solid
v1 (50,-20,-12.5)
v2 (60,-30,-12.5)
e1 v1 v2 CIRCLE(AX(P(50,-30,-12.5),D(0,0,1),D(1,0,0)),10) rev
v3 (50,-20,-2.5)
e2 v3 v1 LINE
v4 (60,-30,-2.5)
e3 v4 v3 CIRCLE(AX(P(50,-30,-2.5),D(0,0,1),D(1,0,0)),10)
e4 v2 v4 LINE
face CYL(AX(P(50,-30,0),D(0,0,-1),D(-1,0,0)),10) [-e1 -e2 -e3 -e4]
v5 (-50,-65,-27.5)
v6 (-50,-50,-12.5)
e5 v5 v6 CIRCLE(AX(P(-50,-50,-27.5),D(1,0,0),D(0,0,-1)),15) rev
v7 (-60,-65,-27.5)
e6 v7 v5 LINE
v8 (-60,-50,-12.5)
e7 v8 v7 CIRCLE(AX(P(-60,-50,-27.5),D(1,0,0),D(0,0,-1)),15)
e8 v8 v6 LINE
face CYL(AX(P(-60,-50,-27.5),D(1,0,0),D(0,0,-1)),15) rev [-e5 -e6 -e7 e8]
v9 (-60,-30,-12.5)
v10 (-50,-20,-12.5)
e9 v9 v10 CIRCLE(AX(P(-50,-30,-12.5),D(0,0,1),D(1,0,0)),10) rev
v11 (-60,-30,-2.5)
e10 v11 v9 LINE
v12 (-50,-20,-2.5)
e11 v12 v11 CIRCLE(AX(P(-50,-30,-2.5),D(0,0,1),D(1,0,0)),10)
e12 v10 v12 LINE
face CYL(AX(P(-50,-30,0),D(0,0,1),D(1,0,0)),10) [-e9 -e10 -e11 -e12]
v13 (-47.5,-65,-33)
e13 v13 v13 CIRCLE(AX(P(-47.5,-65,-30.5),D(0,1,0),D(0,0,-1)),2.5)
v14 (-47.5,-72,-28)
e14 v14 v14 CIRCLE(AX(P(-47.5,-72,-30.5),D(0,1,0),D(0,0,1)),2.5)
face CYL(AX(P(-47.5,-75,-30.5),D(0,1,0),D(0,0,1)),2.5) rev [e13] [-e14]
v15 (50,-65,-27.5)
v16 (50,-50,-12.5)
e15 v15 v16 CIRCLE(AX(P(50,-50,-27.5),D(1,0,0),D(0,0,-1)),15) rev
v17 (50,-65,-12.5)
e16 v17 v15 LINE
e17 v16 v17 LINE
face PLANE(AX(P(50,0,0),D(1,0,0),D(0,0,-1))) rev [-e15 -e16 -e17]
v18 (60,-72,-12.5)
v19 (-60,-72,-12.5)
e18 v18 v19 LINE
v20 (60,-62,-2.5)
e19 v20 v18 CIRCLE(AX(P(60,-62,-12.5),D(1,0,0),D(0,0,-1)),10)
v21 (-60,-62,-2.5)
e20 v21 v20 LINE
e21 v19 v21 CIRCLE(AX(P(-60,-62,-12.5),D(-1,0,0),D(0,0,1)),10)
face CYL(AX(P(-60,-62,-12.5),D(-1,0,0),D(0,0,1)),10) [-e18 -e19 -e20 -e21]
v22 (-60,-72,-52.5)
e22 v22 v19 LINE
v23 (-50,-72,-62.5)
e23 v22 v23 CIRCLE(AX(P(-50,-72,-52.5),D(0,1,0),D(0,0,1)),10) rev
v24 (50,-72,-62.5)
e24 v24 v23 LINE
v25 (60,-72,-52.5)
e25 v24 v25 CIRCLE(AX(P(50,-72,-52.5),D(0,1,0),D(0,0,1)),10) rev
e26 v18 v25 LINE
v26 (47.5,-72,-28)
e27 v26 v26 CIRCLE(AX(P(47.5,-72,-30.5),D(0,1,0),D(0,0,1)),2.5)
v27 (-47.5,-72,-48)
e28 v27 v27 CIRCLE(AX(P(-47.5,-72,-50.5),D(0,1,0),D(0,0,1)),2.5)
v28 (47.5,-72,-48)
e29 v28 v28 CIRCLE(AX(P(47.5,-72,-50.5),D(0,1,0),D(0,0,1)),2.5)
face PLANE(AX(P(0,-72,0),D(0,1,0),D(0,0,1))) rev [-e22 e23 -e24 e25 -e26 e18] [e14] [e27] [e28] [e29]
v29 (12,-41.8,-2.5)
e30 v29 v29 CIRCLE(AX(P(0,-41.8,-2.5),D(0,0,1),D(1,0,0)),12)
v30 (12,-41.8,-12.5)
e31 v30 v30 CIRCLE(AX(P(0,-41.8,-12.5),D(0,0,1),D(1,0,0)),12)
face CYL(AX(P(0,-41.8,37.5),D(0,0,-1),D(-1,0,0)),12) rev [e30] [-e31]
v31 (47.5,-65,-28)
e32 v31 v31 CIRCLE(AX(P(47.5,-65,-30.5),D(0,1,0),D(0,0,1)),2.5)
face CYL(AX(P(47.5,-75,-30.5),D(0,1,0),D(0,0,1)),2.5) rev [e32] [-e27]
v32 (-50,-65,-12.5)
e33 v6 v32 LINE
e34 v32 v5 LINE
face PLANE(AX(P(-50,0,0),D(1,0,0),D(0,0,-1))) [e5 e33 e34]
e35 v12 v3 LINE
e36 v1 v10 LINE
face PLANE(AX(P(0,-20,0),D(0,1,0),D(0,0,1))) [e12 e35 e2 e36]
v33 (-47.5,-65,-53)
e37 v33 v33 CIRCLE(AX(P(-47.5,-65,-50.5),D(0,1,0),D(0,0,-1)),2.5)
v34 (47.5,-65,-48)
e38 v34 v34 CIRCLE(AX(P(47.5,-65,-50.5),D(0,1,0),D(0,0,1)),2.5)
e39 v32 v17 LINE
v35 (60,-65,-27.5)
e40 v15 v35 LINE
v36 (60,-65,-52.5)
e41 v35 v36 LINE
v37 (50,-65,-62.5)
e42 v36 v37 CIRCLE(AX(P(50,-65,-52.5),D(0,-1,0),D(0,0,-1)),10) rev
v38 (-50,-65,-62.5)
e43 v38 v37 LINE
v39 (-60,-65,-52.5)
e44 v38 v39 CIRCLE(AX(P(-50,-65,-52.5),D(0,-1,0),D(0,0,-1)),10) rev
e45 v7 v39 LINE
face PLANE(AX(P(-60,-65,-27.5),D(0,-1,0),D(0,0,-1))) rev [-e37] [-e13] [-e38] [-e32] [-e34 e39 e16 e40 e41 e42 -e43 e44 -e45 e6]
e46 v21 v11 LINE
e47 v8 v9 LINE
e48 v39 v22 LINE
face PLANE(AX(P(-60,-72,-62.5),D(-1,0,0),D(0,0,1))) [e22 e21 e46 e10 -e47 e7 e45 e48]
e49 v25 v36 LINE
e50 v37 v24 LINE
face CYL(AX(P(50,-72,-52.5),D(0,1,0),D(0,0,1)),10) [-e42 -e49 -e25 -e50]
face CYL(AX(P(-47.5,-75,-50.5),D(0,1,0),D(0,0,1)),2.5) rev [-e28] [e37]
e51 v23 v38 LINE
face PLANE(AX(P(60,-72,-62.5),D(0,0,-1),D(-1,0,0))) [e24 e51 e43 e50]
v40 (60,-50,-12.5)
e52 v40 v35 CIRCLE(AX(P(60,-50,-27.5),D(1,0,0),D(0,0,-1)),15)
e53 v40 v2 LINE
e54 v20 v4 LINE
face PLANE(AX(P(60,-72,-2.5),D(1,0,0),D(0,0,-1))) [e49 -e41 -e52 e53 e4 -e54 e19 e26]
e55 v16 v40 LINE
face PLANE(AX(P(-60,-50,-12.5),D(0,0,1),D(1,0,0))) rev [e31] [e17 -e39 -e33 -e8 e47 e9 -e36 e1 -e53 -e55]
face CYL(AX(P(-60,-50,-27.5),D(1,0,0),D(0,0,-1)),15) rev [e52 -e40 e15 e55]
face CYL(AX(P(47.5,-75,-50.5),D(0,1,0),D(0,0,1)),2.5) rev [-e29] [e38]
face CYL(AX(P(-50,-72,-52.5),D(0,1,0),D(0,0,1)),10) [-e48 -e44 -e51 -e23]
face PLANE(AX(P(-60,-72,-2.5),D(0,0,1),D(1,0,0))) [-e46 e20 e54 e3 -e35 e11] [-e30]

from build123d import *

# Parameters (mm, degrees)
SKETCH_1_W          = 120
SKETCH_1_H          = 60
EXTRUDE_1_DEPTH     = 62
SKETCH_3_W          = 120
SKETCH_3_H          = 50
CUT_EXTRUDE_1_DEPTH = 40
CUT_EXTRUDE_2_DEPTH = 121
CUT_EXTRUDE_3_DEPTH = 50
SKETCH_7_R          = 12
CUT_EXTRUDE_4_DEPTH = 50
SKETCH_8_W          = 120
SKETCH_8_H          = 10
CUT_EXTRUDE_5_DEPTH = 10
FILLET_1_R          = 10
FILLET_2_R          = 10
FILLET_3_R          = 10
SKETCH_9_R          = 2.5
CUT_EXTRUDE_6_DEPTH = 10


with BuildPart() as part:
    # 草图1 → 凸台-拉伸1 (new body)
    with BuildSketch(Plane(origin=(0, -10, 0), x_dir=(1, 0, 0), z_dir=(0, 1, 0))):
        with Locations((0, 32.5)):
            Rectangle(SKETCH_1_W, SKETCH_1_H)
    extrude(amount=-EXTRUDE_1_DEPTH)

    # 草图3 → 切除-拉伸1 (cut)
    with BuildSketch(Plane(origin=(0, -10, 0), x_dir=(1, 0, 0), z_dir=(0, 1, 0))):
        with Locations((0, 37.5)):
            Rectangle(SKETCH_3_W, SKETCH_3_H)
    extrude(amount=-CUT_EXTRUDE_1_DEPTH, mode=Mode.SUBTRACT)

    # 草图4 → 切除-拉伸2 (cut, through all)
    with BuildSketch(Plane(origin=(60, 0, 0), x_dir=(0, 0, -1), z_dir=(1, 0, 0))):
        with BuildLine():
            Line((27.5, -65), (62.5, -65))
            Line((62.5, -65), (62.5, -50))
            Line((62.5, -50), (12.5, -50))
            ThreePointArc((12.5, -50), (16.893398282, -60.606601718), (27.5, -65))
        make_face()
    extrude(amount=-CUT_EXTRUDE_2_DEPTH, mode=Mode.SUBTRACT)

    # 草图6 → 切除-拉伸3 (cut, symmetric)
    with BuildSketch(Plane(origin=(0, 0, 0), x_dir=(0, 0, -1), z_dir=(1, 0, 0))):
        Polygon((12.5, -50), (12.5, -65), (27.5, -65), align=None)
    extrude(amount=CUT_EXTRUDE_3_DEPTH, both=True, mode=Mode.SUBTRACT)

    # 草图7 → 切除-拉伸4 (cut, symmetric)
    with BuildSketch(Plane(origin=(0, 0, -12.5), x_dir=(-1, 0, 0), z_dir=(0, 0, -1))):
        with Locations((0, -41.8)):
            Circle(SKETCH_7_R)
    extrude(amount=CUT_EXTRUDE_4_DEPTH, both=True, mode=Mode.SUBTRACT)

    # 草图8 → 切除-拉伸5 (cut)
    with BuildSketch(Plane(origin=(0, -10, 0), x_dir=(1, 0, 0), z_dir=(0, 1, 0))):
        with Locations((0, 7.5)):
            Rectangle(SKETCH_8_W, SKETCH_8_H)
    extrude(amount=-CUT_EXTRUDE_5_DEPTH, mode=Mode.SUBTRACT)

    # 圆角1
    fillet_1_edges = [part.edges().sort_by_distance(p)[0] for p in [
        (60, -20, -7.5),
        (-60, -20, -7.5),
    ]]
    fillet(fillet_1_edges, radius=FILLET_1_R)

    # 圆角2
    fillet_2_edges = [part.edges().sort_by_distance(p)[0] for p in [
        (-60, -68.5, -62.5),
        (60, -68.5, -62.5),
    ]]
    fillet(fillet_2_edges, radius=FILLET_2_R)

    # 圆角3
    fillet_3_edges = [part.edges().sort_by_distance(p)[0] for p in [
        (0, -72, -2.5),
    ]]
    fillet(fillet_3_edges, radius=FILLET_3_R)

    # 草图9 → 切除-拉伸6 (cut)
    with BuildSketch(Plane(origin=(0, -65, 0), x_dir=(1, 0, 0), z_dir=(0, 1, 0))):
        with Locations((47.5, 50.5)):
            Circle(SKETCH_9_R)
        with Locations((47.5, 30.5)):
            Circle(SKETCH_9_R)
        with Locations((-47.5, 50.5)):
            Circle(SKETCH_9_R)
        with Locations((-47.5, 30.5)):
            Circle(SKETCH_9_R)
    extrude(amount=-CUT_EXTRUDE_6_DEPTH, mode=Mode.SUBTRACT)


solid = part.part
